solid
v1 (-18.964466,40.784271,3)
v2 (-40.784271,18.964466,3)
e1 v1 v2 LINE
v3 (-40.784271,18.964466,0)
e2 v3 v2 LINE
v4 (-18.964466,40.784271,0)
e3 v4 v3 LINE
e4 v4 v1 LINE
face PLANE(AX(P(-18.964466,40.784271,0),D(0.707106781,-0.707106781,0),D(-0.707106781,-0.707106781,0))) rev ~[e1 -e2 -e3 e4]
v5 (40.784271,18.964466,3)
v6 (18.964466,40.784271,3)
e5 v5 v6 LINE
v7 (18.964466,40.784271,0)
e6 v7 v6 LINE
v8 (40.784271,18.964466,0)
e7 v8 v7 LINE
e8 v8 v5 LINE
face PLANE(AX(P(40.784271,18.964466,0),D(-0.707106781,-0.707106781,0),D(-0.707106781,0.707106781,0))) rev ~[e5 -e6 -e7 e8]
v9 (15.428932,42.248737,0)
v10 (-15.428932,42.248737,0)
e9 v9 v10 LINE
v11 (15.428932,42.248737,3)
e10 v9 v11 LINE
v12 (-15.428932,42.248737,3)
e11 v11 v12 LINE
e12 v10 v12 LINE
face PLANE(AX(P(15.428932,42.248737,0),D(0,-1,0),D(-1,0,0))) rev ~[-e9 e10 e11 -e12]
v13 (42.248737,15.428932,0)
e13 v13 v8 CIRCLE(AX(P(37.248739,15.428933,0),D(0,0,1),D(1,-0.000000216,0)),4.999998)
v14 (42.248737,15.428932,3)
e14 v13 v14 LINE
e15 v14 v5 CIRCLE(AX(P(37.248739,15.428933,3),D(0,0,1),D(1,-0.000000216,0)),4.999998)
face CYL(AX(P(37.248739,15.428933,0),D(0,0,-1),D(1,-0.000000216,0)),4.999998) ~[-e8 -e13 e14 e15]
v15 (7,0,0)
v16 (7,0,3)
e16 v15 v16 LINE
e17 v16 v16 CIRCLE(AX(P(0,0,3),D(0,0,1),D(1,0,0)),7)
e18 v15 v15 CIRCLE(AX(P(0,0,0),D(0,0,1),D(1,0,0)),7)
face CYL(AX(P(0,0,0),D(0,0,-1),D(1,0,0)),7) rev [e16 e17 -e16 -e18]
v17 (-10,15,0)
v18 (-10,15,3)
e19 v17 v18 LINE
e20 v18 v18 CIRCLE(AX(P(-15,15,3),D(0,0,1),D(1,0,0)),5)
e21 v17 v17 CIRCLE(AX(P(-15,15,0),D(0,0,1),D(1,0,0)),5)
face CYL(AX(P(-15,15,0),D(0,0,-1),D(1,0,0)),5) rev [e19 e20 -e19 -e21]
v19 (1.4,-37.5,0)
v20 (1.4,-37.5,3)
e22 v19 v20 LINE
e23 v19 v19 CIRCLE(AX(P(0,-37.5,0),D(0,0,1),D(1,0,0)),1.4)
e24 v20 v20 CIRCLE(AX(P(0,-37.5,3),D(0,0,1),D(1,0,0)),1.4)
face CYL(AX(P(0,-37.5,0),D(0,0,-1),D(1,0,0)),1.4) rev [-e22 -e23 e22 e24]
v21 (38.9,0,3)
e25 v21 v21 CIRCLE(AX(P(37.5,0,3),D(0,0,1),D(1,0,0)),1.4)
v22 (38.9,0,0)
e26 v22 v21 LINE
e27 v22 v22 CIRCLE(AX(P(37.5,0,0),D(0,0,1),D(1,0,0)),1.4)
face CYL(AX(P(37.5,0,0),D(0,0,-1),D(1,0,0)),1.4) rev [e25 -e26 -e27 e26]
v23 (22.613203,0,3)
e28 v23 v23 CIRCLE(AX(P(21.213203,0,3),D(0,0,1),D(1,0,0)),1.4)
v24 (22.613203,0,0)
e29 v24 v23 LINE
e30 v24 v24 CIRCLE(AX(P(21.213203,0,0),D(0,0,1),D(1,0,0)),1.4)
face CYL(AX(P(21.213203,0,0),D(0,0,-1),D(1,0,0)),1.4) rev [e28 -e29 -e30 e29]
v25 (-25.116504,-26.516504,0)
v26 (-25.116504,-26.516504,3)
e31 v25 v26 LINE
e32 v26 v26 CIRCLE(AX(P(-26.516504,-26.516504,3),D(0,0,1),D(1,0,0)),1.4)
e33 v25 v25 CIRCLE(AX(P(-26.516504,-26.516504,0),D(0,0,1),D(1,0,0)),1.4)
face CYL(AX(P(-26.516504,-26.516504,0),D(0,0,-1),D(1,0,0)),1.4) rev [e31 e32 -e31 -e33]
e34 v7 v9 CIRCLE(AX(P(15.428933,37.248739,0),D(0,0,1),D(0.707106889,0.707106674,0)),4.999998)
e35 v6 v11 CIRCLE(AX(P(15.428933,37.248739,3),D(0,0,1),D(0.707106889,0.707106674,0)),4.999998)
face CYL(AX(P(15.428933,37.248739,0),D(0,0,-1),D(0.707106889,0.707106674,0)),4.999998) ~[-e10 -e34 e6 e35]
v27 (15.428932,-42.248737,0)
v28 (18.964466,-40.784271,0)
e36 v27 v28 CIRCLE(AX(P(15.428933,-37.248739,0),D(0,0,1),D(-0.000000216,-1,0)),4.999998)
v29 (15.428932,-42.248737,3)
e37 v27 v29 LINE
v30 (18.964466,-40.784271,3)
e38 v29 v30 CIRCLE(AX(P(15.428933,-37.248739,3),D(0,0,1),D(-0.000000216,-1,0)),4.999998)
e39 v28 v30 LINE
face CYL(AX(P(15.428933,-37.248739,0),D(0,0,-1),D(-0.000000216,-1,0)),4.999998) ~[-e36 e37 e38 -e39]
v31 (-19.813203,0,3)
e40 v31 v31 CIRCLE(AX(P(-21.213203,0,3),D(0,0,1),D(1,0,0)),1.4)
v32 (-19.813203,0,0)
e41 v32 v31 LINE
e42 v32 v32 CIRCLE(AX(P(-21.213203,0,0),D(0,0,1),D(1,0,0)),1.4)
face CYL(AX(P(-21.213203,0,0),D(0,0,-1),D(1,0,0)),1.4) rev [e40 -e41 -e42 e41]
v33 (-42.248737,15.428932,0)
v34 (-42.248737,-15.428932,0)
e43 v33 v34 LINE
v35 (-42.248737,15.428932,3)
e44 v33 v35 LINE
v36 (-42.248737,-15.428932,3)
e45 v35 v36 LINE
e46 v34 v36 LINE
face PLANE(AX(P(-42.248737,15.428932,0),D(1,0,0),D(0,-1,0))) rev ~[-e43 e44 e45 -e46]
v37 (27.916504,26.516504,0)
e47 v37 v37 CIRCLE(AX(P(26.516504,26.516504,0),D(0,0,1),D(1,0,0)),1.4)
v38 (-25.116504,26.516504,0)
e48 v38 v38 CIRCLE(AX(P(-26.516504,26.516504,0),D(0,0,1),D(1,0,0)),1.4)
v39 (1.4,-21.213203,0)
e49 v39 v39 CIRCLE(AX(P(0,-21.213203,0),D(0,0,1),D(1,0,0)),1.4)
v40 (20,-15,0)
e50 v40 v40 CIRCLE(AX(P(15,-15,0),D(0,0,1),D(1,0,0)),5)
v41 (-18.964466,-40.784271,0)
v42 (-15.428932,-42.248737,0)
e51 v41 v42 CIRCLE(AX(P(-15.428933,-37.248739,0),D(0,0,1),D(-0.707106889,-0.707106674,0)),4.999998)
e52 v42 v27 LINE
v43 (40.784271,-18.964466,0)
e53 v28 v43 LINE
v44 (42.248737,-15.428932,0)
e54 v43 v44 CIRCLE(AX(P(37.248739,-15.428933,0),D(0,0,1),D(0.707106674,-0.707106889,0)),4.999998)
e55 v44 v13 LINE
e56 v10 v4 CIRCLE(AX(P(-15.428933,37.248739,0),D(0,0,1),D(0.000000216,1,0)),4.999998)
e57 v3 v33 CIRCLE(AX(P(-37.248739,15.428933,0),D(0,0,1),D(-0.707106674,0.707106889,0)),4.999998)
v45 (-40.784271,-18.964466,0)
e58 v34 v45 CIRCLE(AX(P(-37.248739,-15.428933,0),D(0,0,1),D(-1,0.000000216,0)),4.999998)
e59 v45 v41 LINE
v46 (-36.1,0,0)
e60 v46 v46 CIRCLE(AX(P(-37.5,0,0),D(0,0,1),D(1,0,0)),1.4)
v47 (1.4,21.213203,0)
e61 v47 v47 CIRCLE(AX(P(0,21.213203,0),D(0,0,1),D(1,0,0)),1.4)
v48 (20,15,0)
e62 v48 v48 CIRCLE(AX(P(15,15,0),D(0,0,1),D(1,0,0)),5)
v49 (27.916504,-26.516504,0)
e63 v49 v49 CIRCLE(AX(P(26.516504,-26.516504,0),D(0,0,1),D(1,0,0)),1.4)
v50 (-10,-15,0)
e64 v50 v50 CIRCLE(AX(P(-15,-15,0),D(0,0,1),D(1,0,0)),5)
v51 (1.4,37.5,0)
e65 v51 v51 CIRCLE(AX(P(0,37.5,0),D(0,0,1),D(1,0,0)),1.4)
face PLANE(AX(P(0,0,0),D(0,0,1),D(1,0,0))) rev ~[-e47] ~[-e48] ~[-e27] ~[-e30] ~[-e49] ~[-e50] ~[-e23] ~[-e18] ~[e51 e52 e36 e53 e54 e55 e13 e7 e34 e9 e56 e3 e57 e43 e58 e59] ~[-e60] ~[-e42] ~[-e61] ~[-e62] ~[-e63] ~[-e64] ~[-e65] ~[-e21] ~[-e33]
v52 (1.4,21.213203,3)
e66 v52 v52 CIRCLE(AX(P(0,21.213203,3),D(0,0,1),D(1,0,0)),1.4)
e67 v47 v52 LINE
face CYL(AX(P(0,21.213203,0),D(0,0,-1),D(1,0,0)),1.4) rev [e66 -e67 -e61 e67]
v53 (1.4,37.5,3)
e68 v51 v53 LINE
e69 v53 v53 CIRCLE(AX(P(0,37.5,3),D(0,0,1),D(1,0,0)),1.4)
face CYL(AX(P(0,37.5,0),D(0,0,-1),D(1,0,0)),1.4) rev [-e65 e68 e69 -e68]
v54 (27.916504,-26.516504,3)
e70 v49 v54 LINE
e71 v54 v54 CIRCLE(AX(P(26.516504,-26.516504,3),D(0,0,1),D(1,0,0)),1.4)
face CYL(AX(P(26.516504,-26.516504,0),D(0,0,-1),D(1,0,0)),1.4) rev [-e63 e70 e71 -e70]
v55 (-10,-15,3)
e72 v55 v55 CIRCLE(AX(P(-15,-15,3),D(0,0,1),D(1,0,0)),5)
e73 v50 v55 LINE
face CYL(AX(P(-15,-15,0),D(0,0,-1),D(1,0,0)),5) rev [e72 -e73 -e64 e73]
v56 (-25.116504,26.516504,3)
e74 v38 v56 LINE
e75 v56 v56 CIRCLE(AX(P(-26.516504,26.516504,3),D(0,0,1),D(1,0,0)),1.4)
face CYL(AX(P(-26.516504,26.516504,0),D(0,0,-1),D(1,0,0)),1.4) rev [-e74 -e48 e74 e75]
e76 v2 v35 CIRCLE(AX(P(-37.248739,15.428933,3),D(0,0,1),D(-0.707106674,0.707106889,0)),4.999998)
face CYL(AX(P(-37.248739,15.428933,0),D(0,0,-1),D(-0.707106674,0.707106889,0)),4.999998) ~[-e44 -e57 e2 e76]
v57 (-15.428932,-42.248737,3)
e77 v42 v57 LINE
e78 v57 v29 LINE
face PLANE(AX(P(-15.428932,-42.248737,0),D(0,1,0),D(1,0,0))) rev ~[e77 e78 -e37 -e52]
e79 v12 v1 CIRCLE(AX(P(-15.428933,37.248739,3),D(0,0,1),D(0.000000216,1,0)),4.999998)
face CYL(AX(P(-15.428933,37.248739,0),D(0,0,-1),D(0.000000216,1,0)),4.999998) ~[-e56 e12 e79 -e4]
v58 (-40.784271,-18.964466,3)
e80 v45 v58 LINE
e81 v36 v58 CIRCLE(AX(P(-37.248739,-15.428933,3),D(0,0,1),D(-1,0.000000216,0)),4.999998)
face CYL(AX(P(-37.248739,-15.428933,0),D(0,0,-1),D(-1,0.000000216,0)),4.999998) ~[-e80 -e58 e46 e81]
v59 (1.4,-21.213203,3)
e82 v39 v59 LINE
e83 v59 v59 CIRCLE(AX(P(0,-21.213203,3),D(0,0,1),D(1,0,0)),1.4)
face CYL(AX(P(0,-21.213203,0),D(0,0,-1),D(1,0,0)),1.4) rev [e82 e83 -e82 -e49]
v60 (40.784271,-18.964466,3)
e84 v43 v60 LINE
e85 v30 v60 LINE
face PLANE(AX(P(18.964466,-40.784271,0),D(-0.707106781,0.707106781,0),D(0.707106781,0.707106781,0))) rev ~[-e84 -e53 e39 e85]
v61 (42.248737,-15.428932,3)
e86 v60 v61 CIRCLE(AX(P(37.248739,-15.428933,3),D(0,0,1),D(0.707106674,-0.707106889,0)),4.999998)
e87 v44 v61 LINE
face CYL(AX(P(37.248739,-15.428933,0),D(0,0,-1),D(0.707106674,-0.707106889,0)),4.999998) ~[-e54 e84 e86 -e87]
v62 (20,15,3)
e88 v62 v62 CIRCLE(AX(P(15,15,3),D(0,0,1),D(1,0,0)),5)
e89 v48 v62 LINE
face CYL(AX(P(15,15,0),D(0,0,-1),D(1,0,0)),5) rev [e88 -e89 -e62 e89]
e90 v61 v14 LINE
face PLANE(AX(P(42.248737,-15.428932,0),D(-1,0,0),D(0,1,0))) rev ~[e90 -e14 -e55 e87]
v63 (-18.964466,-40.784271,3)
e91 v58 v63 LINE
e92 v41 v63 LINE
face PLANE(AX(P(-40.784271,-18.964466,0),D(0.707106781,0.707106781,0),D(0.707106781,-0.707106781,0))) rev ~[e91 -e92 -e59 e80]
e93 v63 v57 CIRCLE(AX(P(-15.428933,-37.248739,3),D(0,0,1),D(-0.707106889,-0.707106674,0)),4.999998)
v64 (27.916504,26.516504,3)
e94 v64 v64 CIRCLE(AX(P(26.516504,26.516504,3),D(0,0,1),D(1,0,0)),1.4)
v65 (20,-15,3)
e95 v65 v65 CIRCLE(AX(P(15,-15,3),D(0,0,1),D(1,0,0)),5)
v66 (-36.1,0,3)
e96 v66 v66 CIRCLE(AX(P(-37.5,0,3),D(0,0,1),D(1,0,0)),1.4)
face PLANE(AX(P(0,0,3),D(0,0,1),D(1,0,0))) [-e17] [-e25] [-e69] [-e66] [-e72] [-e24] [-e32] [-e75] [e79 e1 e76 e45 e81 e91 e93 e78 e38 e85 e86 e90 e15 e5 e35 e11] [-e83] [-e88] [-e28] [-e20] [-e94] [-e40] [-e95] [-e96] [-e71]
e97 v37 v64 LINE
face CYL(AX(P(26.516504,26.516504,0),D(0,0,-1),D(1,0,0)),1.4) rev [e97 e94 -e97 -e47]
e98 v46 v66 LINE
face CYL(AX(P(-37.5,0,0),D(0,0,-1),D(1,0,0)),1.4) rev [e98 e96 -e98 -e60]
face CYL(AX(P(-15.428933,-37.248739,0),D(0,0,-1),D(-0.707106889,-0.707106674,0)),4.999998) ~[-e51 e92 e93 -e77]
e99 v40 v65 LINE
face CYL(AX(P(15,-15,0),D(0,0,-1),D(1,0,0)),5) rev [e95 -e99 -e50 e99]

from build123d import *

# Parameters (mm, degrees)
F0_R     = 1.4
F0_R_2   = 5
F0_R_3   = 7
F1_DEPTH = 3


with BuildPart() as f1:
    # F0 (on Top) → F1 (new body)
    with BuildSketch(Plane.XY):
        with BuildLine():
            Line((15.428932, 42.248737), (-15.428932, 42.248737))
            ThreePointArc((-15.428932, 42.248737), (-17.342349, 41.868135), (-18.964466, 40.784271))
            Line((-18.964466, 40.784271), (-40.784271, 18.964466))
            ThreePointArc((-40.784271, 18.964466), (-41.868135, 17.342349), (-42.248737, 15.428932))
            Line((-42.248737, 15.428932), (-42.248737, -15.428932))
            ThreePointArc((-42.248737, -15.428932), (-41.868135, -17.342349), (-40.784271, -18.964466))
            Line((-40.784271, -18.964466), (-18.964466, -40.784271))
            ThreePointArc((-18.964466, -40.784271), (-17.342349, -41.868135), (-15.428932, -42.248737))
            Line((-15.428932, -42.248737), (15.428932, -42.248737))
            ThreePointArc((15.428932, -42.248737), (17.342349, -41.868135), (18.964466, -40.784271))
            Line((18.964466, -40.784271), (40.784271, -18.964466))
            ThreePointArc((40.784271, -18.964466), (41.868135, -17.342349), (42.248737, -15.428932))
            Line((42.248737, -15.428932), (42.248737, 15.428932))
            ThreePointArc((42.248737, 15.428932), (41.868135, 17.342349), (40.784271, 18.964466))
            Line((40.784271, 18.964466), (18.964466, 40.784271))
            ThreePointArc((18.964466, 40.784271), (17.342349, 41.868135), (15.428932, 42.248737))
        make_face()
        with Locations((-26.516504, -26.516504)):
            Circle(F0_R, mode=Mode.SUBTRACT)
        with Locations((0, -37.5)):
            Circle(F0_R, mode=Mode.SUBTRACT)
        with Locations((0, -21.213203)):
            Circle(F0_R, mode=Mode.SUBTRACT)
        with Locations((-37.5, 0)):
            Circle(F0_R, mode=Mode.SUBTRACT)
        with Locations((-21.213203, 0)):
            Circle(F0_R, mode=Mode.SUBTRACT)
        with Locations((-15, -15)):
            Circle(F0_R_2, mode=Mode.SUBTRACT)
        Circle(F0_R_3, mode=Mode.SUBTRACT)
        with Locations((26.516504, -26.516504)):
            Circle(F0_R, mode=Mode.SUBTRACT)
        with Locations((15, -15)):
            Circle(F0_R_2, mode=Mode.SUBTRACT)
        with Locations((21.213203, 0)):
            Circle(F0_R, mode=Mode.SUBTRACT)
        with Locations((37.5, 0)):
            Circle(F0_R, mode=Mode.SUBTRACT)
        with Locations((-15, 15)):
            Circle(F0_R_2, mode=Mode.SUBTRACT)
        with Locations((-26.516504, 26.516504)):
            Circle(F0_R, mode=Mode.SUBTRACT)
        with Locations((0, 21.213203)):
            Circle(F0_R, mode=Mode.SUBTRACT)
        with Locations((0, 37.5)):
            Circle(F0_R, mode=Mode.SUBTRACT)
        with Locations((15, 15)):
            Circle(F0_R_2, mode=Mode.SUBTRACT)
        with Locations((26.516504, 26.516504)):
            Circle(F0_R, mode=Mode.SUBTRACT)
    extrude(amount=F1_DEPTH)


solid = f1.part
